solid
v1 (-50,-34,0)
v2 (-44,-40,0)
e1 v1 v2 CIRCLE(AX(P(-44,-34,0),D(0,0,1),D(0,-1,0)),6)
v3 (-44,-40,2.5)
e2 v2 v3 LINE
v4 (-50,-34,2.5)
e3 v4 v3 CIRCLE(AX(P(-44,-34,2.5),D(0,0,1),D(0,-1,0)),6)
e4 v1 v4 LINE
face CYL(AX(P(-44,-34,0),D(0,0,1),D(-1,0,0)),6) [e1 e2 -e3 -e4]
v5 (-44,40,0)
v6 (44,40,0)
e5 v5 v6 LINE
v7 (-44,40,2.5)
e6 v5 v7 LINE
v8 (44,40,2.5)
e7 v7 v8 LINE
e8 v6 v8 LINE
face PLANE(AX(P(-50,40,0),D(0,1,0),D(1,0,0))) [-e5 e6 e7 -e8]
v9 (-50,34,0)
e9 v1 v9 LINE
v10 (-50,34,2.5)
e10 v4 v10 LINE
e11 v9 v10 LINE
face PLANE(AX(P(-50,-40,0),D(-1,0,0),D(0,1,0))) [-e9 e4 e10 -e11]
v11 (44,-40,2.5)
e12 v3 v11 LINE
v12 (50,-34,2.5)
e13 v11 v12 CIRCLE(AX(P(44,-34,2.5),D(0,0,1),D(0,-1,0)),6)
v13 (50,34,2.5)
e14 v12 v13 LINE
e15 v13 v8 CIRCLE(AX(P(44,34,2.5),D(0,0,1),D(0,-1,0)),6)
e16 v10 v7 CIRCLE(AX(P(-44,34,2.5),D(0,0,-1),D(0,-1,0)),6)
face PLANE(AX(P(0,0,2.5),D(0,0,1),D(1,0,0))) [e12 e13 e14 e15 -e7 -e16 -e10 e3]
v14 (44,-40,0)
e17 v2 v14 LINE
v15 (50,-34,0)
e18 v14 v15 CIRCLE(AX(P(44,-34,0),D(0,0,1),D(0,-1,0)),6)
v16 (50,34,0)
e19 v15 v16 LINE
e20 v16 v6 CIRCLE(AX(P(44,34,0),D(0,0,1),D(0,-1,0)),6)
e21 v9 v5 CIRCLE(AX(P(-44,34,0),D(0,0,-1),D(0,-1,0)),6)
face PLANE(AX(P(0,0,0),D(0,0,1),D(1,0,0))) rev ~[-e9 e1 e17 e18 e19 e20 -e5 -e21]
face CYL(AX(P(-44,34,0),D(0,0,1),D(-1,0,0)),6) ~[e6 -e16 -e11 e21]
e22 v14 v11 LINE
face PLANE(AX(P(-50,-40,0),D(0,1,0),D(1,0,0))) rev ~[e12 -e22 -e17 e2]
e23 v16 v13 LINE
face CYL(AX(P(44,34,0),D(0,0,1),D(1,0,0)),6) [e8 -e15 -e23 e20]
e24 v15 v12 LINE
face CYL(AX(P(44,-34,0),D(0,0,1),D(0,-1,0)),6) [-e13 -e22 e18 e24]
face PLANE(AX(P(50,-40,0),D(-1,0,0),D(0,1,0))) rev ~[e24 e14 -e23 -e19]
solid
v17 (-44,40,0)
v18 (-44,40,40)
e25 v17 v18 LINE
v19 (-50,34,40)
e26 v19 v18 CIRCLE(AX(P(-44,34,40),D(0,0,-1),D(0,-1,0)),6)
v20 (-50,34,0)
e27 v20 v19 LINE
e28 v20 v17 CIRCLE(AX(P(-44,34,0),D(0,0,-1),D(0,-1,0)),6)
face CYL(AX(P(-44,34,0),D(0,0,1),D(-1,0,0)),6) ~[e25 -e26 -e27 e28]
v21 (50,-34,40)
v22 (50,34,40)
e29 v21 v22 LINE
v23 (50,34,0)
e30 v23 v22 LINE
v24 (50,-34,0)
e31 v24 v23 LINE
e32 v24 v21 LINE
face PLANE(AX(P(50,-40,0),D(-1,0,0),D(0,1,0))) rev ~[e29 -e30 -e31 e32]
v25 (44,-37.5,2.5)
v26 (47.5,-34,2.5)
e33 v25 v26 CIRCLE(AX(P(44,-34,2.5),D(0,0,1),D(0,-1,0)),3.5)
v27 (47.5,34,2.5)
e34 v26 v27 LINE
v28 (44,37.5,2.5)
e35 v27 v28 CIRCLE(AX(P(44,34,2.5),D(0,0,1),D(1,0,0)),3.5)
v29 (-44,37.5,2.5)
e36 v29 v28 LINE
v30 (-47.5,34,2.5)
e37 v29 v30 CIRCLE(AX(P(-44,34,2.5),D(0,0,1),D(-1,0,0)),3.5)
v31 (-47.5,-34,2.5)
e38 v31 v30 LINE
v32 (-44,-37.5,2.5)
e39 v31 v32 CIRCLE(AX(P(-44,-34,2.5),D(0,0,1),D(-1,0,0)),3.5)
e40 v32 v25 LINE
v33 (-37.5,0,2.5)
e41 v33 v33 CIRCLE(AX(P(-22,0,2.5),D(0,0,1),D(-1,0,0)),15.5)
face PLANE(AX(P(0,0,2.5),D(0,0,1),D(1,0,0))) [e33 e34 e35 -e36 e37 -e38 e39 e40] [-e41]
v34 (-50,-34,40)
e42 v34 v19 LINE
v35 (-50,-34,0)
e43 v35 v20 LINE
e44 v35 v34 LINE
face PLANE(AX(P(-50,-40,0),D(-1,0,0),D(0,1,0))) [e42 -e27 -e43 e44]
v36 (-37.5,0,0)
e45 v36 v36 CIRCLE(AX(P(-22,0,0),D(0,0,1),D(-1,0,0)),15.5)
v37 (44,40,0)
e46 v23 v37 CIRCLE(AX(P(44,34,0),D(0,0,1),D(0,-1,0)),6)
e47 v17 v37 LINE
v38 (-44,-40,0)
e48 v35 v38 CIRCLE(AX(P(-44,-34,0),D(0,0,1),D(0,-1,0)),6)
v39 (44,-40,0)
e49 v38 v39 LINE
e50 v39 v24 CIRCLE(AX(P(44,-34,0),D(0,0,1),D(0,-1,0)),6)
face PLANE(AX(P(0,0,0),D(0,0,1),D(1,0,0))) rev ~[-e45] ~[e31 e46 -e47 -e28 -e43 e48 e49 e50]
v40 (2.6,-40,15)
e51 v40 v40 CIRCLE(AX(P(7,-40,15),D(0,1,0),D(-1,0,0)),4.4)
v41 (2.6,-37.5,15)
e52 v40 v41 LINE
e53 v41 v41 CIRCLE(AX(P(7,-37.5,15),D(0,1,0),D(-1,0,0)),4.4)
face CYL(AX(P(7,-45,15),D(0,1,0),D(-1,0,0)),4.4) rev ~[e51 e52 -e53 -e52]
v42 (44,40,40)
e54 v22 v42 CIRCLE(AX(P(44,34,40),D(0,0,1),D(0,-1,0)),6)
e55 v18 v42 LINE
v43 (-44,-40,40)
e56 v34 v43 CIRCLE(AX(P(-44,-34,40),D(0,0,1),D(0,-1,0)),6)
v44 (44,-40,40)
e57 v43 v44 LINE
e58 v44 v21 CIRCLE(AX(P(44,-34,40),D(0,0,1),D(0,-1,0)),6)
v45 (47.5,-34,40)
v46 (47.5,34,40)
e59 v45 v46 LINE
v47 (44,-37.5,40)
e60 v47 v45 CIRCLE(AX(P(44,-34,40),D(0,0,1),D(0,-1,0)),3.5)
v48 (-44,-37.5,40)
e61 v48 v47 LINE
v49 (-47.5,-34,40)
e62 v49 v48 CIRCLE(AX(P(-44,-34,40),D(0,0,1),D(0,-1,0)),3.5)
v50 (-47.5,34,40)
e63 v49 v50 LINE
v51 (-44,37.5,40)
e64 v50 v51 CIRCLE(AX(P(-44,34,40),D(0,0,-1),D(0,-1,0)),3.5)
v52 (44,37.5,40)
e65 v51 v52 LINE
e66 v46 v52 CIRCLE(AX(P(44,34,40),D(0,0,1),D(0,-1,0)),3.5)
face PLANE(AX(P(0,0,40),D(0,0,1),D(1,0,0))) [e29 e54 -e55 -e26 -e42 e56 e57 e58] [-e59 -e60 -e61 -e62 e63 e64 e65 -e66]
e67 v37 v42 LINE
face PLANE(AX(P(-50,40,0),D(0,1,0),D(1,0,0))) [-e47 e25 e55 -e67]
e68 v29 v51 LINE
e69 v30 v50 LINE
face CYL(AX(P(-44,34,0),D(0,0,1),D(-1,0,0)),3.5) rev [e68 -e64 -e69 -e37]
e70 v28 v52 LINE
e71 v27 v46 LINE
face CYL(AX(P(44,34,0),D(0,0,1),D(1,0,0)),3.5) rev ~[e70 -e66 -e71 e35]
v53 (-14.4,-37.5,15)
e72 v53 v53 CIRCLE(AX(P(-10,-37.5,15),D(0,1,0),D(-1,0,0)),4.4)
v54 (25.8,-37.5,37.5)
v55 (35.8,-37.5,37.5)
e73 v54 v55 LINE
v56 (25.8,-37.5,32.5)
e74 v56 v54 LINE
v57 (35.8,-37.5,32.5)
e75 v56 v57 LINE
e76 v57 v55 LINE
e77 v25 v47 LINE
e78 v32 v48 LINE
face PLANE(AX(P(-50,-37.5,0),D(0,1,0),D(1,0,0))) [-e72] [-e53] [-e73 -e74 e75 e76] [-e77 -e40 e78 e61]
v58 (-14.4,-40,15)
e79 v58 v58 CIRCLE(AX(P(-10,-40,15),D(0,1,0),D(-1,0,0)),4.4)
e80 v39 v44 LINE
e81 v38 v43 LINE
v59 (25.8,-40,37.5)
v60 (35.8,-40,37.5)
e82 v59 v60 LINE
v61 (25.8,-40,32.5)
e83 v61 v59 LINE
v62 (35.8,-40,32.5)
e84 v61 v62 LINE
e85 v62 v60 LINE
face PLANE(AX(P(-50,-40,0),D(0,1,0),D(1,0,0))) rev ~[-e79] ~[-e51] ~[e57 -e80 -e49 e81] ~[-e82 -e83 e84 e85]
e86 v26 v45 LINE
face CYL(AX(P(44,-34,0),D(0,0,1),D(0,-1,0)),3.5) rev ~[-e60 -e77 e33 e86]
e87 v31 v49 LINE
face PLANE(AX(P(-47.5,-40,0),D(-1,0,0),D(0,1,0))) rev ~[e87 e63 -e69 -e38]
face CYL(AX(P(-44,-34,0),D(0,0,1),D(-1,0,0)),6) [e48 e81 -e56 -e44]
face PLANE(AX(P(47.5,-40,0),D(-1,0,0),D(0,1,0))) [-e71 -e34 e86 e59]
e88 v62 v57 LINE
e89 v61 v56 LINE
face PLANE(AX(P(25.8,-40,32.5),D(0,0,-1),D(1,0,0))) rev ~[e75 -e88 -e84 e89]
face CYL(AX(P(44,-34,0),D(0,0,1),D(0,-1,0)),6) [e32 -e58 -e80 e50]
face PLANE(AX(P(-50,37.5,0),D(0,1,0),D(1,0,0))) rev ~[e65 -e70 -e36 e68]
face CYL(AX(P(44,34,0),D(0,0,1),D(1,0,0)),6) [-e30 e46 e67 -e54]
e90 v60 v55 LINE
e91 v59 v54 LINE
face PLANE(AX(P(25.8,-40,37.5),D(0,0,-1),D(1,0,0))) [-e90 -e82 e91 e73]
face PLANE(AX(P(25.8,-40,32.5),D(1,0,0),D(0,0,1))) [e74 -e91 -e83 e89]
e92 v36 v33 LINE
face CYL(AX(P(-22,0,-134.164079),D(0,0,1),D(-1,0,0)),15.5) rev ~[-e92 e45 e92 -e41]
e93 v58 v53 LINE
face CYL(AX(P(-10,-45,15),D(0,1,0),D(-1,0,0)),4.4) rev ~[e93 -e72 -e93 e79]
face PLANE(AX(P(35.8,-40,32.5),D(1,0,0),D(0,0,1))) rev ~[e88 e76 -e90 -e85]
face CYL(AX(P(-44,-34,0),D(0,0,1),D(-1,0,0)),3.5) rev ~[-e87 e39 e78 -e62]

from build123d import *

# Parameters (mm, degrees)
F0_W      = 100
F0_H      = 80
F1_DEPTH  = 40
F2_R      = 6
F3_T      = -2.5
F5_D      = 31
F7_D      = 8.8
F7_DEPTH  = 5
F7_TIP    = 2.6437867237
F8_W      = 10
F8_H      = 5
F9_DEPTH  = 2.5
F10_DEPTH = 2.5
F11_R     = 6


with BuildPart() as f1:
    # F0 (on Top) → F1 (new body)
    with BuildSketch(Plane.XY):
        Rectangle(F0_W, F0_H)
    extrude(amount=F1_DEPTH)

    # F2
    f2_edges = [f1.edges().sort_by_distance(p)[0] for p in [
        (-50, -40, 20),
        (50, -40, 20),
        (50, 40, 20),
        (-50, 40, 20),
    ]]
    fillet(f2_edges, radius=F2_R)

    # F3
    f3_openings = [f1.faces().sort_by_distance(p)[0] for p in [
        (0, 0, 40),
    ]]
    offset(amount=F3_T, openings=f3_openings)

    # F5 (through all)
    with Locations(Plane(origin=(0, 0, 0), x_dir=(1, 0, 0), z_dir=(0, 0, -1))):
        with Locations((-22, 0)):
            Hole(F5_D / 2)

    # F7
    with Locations(Plane.XZ.offset(40)):
        with Locations((-10, 15), (7, 15)):
            Hole(F7_D / 2, depth=F7_DEPTH)
            with Locations((0, 0, -(F7_DEPTH + F7_TIP / 2))):  # 118° drill point
                Cone(0, F7_D / 2, F7_TIP, mode=Mode.SUBTRACT)

    # F8 (on face) → F9 (cut, through all)
    with BuildSketch(Plane.XZ.offset(40)):
        with Locations((30.8, 35)):
            Rectangle(F8_W, F8_H)
    extrude(amount=-F9_DEPTH, mode=Mode.SUBTRACT)


with BuildPart() as f10:
    # F0 (on Top) → F10 (new body)
    with BuildSketch(Plane.XY):
        Rectangle(F0_W, F0_H)
    extrude(amount=F10_DEPTH)

    # F11
    f11_edges = [f10.edges().sort_by_distance(p)[0] for p in [
        (50, -40, 1.25),
        (50, 40, 1.25),
        (-50, -40, 1.25),
        (-50, 40, 1.25),
    ]]
    fillet(f11_edges, radius=F11_R)


solid = Compound([f1.part, f10.part])
